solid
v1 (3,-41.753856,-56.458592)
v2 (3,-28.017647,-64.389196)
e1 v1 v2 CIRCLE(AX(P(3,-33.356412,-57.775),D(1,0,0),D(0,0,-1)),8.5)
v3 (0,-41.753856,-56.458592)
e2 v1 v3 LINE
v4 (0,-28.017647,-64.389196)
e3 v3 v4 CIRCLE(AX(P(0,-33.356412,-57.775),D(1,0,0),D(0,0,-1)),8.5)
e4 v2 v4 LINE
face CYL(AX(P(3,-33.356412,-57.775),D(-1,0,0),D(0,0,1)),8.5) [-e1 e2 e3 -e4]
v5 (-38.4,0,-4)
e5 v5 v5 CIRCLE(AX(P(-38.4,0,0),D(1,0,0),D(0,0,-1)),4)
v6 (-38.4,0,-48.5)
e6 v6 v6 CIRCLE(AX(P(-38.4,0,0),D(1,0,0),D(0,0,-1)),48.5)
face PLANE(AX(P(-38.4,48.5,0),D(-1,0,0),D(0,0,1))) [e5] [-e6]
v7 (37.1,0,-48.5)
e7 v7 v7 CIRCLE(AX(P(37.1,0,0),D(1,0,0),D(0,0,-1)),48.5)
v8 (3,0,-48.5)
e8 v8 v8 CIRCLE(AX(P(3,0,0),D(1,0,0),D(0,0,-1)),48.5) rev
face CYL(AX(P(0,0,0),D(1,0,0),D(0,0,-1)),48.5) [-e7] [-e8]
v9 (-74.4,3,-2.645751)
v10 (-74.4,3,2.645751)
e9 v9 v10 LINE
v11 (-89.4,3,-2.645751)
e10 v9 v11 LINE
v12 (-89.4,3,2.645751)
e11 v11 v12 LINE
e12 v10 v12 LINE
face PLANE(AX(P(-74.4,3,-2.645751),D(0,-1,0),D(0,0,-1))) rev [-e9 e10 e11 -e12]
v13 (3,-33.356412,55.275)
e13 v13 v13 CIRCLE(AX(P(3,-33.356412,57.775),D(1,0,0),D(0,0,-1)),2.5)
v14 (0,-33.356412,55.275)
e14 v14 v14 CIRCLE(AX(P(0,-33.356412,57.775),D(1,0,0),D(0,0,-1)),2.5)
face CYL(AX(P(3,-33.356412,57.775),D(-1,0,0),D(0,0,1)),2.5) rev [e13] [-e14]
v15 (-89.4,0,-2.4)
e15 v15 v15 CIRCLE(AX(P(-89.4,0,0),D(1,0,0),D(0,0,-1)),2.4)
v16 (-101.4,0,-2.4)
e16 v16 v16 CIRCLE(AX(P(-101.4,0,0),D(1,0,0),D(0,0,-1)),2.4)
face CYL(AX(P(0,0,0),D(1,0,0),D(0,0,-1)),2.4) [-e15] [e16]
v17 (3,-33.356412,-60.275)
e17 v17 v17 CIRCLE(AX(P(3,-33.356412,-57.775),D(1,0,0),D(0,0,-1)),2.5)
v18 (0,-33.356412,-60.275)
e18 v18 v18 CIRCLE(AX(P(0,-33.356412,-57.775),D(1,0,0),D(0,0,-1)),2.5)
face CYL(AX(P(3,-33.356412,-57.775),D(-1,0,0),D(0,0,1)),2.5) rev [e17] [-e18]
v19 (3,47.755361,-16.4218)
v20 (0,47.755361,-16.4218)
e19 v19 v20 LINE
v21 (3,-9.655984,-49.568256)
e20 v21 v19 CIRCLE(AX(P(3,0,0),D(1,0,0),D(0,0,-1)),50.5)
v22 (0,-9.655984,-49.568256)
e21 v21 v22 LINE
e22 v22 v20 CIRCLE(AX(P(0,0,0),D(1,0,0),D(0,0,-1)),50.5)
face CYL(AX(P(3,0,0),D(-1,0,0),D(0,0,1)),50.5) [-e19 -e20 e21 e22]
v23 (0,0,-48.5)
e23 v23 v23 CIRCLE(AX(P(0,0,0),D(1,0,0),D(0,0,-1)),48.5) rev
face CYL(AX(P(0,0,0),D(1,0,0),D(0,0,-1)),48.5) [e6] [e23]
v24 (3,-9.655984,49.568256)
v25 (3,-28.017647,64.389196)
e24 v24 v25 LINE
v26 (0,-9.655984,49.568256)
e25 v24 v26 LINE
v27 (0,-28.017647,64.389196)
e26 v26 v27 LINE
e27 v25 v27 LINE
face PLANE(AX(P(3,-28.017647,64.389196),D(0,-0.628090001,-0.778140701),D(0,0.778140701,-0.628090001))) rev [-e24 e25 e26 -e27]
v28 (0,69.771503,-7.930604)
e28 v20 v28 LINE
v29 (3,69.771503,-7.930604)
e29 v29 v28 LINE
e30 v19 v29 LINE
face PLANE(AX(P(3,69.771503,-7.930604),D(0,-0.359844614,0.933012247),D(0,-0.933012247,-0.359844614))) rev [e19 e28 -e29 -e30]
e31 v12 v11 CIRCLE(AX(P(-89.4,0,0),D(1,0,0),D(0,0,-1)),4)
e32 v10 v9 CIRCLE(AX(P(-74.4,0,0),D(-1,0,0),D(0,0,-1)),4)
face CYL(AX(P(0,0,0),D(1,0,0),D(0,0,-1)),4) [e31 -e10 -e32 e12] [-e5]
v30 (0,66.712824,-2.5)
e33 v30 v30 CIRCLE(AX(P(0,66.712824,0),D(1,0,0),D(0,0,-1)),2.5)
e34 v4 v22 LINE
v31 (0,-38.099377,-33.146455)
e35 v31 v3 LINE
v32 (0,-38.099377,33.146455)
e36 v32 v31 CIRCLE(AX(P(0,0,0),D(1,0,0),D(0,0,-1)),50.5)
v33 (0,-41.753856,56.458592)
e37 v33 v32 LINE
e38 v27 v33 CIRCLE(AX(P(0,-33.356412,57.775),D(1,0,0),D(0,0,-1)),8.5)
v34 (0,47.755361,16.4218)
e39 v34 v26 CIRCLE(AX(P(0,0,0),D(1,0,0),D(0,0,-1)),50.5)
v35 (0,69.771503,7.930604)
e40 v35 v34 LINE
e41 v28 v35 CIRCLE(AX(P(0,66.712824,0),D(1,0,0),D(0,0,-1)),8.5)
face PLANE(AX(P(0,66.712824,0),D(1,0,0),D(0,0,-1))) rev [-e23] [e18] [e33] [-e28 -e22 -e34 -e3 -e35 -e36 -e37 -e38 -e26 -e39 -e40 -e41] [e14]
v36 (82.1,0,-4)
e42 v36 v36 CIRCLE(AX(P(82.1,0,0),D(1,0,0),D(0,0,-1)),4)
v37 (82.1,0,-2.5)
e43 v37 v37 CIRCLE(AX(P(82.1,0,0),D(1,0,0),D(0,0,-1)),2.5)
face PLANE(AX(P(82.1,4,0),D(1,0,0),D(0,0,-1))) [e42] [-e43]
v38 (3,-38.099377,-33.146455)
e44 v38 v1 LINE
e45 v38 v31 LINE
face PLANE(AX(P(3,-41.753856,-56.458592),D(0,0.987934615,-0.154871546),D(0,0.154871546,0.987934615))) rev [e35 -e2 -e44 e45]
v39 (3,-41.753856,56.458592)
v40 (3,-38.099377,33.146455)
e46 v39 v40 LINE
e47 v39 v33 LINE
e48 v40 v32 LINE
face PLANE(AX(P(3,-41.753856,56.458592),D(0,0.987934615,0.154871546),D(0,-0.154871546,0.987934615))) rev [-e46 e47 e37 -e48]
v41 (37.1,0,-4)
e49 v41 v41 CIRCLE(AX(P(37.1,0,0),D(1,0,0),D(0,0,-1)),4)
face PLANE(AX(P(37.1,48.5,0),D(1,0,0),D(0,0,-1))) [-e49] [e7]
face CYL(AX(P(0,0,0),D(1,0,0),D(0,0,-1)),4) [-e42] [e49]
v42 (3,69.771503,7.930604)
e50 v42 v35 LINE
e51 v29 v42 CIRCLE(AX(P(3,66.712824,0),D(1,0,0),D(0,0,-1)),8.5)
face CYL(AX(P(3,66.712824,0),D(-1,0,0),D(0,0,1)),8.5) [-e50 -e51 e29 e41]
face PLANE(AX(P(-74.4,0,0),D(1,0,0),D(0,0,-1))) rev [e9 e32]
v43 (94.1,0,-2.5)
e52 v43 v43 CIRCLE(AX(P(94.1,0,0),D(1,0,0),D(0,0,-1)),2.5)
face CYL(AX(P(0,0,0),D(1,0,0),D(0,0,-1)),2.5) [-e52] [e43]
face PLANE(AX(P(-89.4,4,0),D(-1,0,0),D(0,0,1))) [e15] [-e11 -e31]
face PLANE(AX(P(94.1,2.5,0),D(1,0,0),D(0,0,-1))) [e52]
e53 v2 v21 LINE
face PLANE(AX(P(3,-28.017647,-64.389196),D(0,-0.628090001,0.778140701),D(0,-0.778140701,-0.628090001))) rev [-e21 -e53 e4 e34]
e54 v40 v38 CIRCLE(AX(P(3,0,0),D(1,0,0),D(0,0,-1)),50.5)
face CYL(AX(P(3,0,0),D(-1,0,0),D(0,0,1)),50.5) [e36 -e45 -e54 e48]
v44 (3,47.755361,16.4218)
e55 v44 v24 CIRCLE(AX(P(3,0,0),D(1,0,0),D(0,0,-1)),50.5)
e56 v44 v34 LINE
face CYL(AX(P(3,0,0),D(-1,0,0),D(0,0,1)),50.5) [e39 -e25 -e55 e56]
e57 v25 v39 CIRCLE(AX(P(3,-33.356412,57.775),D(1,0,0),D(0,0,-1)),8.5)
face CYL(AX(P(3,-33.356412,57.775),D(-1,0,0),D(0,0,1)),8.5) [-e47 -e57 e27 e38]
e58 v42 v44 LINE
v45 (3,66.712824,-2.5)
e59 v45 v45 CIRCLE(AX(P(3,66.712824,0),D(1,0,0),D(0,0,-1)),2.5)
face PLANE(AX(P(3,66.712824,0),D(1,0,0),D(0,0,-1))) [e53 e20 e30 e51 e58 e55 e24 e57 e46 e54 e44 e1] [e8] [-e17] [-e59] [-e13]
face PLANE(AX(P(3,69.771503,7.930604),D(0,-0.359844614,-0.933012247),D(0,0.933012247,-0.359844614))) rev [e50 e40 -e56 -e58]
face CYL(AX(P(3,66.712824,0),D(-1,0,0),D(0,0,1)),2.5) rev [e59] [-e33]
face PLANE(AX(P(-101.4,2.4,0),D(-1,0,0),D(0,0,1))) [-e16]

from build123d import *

# Parameters (mm, degrees)
SKETCH2_R           = 2.5
BOSS_EXTRUDE1_DEPTH = 3
CUT_EXTRUDE1_START  = -15
CUT_EXTRUDE1_DEPTH  = 15


with BuildPart() as part:
    # Sketch1 → Revolve1 (revolve)
    with BuildSketch(Plane.XY, mode=Mode.PRIVATE) as revolve1_sk:
        Polygon((0, 48.5), (37.1, 48.5), (37.1, 4), (82.1, 4), (82.1, 2.5), (94.1, 2.5), (94.1, 0), (-101.4, 0), (-101.4, 2.4), (-89.4, 2.4), (-89.4, 4), (-38.4, 4), (-38.4, 48.5), align=None)
    revolve(revolve1_sk.sketch.rotate(Axis((0, 0, 0), (-1, 0, 0)), 90), axis=Axis((0, 0, 0), (-1, 0, 0)))

    # Sketch2 → Boss-Extrude1 (add)
    with BuildSketch(Plane(origin=(0, 0, 0), x_dir=(0, 0, -1), z_dir=(1, 0, 0))):
        with BuildLine():
            Line((-7.930604102, 69.771502825), (-16.421800454, 47.75536064))
            ThreePointArc((-16.421800454, 47.75536064), (-43.734282891, 25.25), (-49.568255708, -9.655983951))
            Line((-49.568255708, -9.655983951), (-64.389195958, -28.017646793))
            ThreePointArc((-64.389195958, -28.017646793), (-65.136215932, -37.606411802), (-56.458591856, -41.753856033))
            Line((-56.458591856, -41.753856033), (-33.146455254, -38.099376689))
            ThreePointArc((-33.146455254, -38.099376689), (0, -50.5), (33.146455254, -38.099376689))
            Line((33.146455254, -38.099376689), (56.458591856, -41.753856033))
            ThreePointArc((56.458591856, -41.753856033), (65.136215932, -37.606411802), (64.389195958, -28.017646793))
            Line((64.389195958, -28.017646793), (49.568255708, -9.655983951))
            ThreePointArc((49.568255708, -9.655983951), (43.734282891, 25.25), (16.421800454, 47.75536064))
            Line((16.421800454, 47.75536064), (7.930604102, 69.771502825))
            ThreePointArc((7.930604102, 69.771502825), (0, 75.212823605), (-7.930604102, 69.771502825))
        make_face()
        with Locations((0, 66.712823605)):
            Circle(SKETCH2_R, mode=Mode.SUBTRACT)
        with Locations((57.775, -33.356411802)):
            Circle(SKETCH2_R, mode=Mode.SUBTRACT)
        with Locations((-57.775, -33.356411802)):
            Circle(SKETCH2_R, mode=Mode.SUBTRACT)
    extrude(amount=BOSS_EXTRUDE1_DEPTH)

    # Sketch4 → Cut-Extrude1 (cut)
    with BuildSketch(Plane.ZY.offset(89.4).offset(CUT_EXTRUDE1_START)):
        with BuildLine():
            Line((-2.645751311, 3), (2.645751311, 3))
            ThreePointArc((2.645751311, 3), (0, 4), (-2.645751311, 3))
        make_face()
    extrude(amount=CUT_EXTRUDE1_DEPTH, mode=Mode.SUBTRACT)


solid = part.part
